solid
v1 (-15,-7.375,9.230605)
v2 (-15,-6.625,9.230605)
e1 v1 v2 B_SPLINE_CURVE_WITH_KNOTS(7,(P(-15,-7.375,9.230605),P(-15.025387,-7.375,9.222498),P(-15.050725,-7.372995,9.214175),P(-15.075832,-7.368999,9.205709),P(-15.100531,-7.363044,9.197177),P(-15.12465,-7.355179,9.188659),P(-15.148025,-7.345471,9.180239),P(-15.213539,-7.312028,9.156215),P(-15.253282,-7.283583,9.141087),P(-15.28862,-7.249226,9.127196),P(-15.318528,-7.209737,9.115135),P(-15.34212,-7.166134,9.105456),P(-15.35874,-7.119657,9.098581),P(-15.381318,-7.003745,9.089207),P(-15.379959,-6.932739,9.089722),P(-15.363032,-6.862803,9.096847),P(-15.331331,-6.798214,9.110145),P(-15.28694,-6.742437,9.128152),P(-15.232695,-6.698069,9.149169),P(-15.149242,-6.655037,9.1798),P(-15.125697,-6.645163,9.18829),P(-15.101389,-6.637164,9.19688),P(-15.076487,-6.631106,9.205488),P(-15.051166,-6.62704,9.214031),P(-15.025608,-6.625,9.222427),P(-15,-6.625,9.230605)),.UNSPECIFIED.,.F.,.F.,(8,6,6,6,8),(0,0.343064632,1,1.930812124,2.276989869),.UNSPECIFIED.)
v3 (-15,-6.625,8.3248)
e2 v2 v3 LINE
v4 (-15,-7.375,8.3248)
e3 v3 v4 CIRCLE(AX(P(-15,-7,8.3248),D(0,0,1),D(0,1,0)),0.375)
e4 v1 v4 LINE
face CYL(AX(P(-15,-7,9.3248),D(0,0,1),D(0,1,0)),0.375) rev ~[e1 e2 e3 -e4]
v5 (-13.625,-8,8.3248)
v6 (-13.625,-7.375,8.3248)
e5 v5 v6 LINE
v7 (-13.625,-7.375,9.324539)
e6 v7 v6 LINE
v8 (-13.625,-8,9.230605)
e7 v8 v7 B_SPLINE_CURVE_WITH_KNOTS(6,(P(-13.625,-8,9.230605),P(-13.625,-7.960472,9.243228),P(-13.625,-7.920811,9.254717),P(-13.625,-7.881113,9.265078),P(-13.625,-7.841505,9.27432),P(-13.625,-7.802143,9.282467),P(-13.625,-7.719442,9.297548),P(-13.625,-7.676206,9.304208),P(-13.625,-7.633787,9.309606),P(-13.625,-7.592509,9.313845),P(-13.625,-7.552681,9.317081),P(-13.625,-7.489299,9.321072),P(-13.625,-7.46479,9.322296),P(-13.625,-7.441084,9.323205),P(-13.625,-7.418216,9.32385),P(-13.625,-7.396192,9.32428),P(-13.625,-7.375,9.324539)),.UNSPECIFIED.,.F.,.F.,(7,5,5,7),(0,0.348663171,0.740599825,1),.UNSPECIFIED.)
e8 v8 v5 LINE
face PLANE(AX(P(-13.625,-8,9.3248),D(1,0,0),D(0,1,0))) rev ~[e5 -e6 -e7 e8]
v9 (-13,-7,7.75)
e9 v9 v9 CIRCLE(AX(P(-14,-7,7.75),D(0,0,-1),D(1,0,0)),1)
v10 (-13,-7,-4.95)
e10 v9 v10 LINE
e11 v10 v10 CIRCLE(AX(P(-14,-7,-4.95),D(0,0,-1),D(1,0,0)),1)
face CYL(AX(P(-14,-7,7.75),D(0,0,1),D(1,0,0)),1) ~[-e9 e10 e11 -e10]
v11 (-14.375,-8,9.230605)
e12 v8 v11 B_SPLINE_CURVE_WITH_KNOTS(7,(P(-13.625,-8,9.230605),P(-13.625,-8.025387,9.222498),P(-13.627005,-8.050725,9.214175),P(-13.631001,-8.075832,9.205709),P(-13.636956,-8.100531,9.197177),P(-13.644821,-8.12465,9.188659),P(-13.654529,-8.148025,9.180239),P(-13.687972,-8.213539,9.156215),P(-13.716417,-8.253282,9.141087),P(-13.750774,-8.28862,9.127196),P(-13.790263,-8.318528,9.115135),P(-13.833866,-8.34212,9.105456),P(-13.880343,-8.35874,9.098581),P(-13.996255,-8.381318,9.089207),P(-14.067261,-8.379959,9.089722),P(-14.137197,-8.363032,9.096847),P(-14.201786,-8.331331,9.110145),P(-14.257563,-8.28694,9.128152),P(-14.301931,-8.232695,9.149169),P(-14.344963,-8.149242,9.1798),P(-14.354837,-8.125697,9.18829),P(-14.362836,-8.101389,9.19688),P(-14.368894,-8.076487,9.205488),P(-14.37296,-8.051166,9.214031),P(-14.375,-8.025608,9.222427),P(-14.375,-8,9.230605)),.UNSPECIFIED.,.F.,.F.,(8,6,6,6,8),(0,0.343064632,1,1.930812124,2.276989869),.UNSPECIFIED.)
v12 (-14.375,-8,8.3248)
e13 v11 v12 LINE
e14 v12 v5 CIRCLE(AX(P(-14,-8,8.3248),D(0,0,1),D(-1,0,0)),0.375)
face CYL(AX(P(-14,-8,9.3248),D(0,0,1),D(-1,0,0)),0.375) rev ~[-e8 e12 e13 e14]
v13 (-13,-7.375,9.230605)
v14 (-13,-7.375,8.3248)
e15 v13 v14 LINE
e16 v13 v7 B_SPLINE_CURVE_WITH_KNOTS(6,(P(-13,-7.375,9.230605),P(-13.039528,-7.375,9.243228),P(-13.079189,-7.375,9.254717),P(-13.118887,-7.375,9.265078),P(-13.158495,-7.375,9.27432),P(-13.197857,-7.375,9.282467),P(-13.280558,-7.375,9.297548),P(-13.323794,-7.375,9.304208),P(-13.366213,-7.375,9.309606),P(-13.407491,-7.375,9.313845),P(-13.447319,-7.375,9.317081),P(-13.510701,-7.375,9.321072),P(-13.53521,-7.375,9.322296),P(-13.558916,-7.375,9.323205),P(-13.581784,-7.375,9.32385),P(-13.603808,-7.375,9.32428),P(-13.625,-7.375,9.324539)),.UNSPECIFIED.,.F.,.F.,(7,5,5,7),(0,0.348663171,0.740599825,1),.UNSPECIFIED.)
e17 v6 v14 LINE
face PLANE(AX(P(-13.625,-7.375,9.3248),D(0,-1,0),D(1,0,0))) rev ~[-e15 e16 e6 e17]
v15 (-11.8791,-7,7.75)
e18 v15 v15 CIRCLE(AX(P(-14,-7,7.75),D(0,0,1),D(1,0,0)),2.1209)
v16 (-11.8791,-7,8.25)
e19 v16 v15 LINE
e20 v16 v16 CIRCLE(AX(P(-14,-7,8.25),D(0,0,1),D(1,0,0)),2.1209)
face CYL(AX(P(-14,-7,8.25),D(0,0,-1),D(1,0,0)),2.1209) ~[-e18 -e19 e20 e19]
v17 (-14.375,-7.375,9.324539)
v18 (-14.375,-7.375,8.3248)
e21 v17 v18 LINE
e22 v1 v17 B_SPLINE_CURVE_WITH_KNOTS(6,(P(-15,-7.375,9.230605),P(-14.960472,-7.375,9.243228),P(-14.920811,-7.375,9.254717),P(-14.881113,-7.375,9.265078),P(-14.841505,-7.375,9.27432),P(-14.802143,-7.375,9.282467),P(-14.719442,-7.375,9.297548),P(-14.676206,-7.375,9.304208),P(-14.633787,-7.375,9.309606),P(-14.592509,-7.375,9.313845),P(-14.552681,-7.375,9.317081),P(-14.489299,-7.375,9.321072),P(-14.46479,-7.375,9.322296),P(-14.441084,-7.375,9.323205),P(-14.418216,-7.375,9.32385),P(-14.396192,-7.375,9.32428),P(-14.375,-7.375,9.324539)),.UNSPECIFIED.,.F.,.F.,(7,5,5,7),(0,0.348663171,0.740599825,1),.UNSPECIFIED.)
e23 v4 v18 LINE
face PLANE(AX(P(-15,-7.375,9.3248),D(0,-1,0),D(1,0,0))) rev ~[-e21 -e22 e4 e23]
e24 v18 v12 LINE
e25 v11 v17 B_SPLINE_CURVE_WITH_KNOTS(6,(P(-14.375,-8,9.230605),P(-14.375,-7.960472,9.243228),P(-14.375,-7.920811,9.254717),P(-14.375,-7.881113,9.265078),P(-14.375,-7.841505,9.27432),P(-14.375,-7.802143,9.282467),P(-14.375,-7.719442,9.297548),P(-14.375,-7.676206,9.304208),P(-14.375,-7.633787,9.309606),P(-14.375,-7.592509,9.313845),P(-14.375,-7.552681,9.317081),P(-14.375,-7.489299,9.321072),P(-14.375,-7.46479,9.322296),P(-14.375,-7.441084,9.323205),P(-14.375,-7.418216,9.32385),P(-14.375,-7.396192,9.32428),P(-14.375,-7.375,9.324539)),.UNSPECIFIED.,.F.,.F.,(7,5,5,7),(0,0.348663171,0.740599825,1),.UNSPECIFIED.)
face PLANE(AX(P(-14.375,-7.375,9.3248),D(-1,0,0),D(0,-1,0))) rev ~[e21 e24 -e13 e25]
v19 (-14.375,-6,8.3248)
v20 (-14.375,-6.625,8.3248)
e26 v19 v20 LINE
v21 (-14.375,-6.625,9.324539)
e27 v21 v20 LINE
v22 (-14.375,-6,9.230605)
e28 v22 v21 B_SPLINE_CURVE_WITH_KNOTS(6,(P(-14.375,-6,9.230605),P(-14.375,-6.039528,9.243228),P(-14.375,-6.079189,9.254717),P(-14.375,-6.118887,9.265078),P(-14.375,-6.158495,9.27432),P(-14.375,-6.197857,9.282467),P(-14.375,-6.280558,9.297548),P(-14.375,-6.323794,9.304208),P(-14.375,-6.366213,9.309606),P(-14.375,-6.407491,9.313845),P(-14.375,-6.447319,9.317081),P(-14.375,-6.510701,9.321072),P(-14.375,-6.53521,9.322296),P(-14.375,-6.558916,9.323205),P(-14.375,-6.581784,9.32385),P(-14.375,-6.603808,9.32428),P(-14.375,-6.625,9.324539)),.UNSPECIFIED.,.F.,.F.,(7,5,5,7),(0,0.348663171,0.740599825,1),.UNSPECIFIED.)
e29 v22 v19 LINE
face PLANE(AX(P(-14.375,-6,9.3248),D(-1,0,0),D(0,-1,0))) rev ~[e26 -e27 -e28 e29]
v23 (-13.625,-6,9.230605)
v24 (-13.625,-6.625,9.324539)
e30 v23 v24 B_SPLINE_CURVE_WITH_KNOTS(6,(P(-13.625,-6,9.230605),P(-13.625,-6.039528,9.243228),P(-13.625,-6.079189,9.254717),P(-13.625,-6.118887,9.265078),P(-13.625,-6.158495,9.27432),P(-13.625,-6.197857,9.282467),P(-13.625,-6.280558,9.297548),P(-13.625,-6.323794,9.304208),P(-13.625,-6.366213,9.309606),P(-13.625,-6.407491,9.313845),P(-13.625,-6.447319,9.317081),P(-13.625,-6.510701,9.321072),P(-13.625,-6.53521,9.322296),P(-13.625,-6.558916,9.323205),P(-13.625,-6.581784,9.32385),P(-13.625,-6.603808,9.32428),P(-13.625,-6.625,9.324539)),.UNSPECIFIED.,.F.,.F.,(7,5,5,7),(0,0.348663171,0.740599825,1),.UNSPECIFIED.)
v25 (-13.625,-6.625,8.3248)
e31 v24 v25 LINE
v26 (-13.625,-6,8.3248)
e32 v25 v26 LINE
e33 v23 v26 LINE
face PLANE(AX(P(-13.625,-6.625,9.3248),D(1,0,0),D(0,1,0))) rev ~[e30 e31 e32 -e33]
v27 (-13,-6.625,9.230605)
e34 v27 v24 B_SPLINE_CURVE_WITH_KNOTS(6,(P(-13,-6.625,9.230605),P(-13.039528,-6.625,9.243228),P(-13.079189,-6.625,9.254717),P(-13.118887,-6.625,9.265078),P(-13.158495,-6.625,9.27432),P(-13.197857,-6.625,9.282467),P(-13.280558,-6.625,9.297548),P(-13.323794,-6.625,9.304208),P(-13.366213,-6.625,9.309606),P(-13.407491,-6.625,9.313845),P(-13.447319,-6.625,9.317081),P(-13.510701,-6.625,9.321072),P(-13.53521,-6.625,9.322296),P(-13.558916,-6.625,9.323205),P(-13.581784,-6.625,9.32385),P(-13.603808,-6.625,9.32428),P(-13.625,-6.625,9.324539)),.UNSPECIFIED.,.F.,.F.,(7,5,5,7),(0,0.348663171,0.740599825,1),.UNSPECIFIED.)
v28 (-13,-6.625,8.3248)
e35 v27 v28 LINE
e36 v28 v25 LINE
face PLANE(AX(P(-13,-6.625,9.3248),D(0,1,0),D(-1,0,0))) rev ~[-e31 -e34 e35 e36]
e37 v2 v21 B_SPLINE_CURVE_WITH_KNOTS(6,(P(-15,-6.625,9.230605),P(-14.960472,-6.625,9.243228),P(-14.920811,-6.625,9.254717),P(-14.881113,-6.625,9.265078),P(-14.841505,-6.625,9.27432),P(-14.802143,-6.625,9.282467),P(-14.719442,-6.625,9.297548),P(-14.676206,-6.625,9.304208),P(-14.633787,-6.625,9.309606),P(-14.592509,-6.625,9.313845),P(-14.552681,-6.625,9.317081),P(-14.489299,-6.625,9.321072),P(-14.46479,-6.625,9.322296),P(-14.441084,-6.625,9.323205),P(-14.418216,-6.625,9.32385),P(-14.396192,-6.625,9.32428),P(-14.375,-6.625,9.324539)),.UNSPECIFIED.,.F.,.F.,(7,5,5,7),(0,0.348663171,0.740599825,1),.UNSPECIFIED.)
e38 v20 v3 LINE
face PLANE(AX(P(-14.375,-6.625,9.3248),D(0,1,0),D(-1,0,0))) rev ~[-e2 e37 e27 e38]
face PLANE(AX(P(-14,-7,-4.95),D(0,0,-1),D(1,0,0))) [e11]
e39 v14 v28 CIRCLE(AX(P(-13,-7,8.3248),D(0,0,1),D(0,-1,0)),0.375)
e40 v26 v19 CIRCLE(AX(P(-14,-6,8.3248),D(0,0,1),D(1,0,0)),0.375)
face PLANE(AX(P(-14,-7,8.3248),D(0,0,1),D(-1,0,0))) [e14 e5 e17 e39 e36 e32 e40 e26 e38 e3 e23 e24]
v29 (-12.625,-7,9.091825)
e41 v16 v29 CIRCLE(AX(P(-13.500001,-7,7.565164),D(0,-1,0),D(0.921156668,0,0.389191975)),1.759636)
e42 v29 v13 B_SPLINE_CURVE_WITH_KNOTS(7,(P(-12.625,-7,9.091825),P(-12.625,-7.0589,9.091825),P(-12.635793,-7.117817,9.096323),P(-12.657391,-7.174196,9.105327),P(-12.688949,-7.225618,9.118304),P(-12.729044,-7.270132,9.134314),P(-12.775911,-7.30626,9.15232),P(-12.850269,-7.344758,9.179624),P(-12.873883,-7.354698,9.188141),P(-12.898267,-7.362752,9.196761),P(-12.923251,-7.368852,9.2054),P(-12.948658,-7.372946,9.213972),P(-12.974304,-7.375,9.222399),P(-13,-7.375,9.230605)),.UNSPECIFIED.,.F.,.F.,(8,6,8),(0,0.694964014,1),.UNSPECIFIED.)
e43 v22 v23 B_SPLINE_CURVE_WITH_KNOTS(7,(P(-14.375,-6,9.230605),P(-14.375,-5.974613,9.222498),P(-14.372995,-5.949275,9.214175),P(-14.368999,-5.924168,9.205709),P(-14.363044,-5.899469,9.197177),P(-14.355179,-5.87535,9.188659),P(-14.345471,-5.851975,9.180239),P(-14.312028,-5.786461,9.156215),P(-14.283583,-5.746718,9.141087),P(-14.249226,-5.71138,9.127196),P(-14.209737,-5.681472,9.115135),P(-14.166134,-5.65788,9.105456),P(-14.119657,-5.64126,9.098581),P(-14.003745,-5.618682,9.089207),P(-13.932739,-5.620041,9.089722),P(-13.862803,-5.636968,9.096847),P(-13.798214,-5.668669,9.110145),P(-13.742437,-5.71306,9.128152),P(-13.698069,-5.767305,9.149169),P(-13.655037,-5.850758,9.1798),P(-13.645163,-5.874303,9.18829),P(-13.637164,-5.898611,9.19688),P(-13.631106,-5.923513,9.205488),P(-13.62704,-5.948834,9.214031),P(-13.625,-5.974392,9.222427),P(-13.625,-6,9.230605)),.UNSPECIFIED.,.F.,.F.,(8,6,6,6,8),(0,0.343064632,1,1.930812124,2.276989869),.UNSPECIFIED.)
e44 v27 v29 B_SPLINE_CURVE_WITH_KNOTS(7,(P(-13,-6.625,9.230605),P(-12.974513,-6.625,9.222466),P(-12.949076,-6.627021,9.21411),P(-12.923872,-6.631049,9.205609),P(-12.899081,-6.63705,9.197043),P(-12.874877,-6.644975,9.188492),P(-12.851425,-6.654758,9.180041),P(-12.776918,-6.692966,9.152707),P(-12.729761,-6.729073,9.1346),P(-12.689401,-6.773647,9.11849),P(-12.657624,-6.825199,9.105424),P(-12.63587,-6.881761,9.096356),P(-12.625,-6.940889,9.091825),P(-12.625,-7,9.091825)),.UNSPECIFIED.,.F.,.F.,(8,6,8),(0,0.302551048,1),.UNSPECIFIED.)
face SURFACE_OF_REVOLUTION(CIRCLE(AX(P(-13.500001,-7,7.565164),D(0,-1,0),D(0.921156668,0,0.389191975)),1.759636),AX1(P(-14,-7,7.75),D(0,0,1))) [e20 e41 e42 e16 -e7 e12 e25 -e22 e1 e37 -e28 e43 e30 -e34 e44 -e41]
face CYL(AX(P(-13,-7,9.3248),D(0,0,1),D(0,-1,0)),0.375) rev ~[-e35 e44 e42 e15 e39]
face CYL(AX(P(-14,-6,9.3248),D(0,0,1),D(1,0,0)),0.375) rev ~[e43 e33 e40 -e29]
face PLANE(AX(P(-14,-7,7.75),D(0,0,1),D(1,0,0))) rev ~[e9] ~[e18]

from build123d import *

# Parameters (mm, degrees)
POCKET005_DEPTH = 1
SKETCH016_R     = 1
PAD006_DEPTH    = 12.7


with BuildPart() as part:
    # Sketch014 → Revolution002 (revolve)
    with BuildSketch(Plane.XZ):
        with BuildLine():
            Line((0, 0), (0, 1.5748))
            Line((0, 1.5748), (0.5, 1.5748))
            ThreePointArc((2.1209, 0.5), (1.472434, 1.281687), (0.5, 1.5748))
            Line((2.1209, 0.5), (2.1209, 0))
            Line((2.1209, 0), (0, 0))
        make_face()
    revolve(axis=Axis((0, 0, 0), (0, 0, 1)))

    # Sketch015 (on Face1 of Revolution002) → Pocket005 (cut)
    with BuildSketch(Plane(origin=(0, 0, 1.5748), x_dir=(-1, 0, 0), z_dir=(0, 0, 1))):
        with BuildLine():
            ThreePointArc((0.375, 1), (0, 1.375), (-0.375, 1))
            Line((-0.375, 1), (-0.375, 0.375))
            Line((-0.375, 0.375), (-1, 0.375))
            ThreePointArc((-1, 0.375), (-1.375, 0), (-1, -0.375))
            Line((-1, -0.375), (-0.375, -0.375))
            Line((-0.375, -0.375), (-0.375, -1))
            ThreePointArc((-0.375, -1), (0, -1.375), (0.375, -1))
            Line((0.375, -1), (0.375, -0.375))
            Line((0.375, -0.375), (1, -0.375))
            ThreePointArc((1, -0.375), (1.375, 0), (1, 0.375))
            Line((1, 0.375), (0.375, 0.375))
            Line((0.375, 0.375), (0.375, 1))
        make_face()
    extrude(amount=-POCKET005_DEPTH, mode=Mode.SUBTRACT)

    # Sketch016 (on Face16 of Pocket005) → Pad006 (join)
    with BuildSketch(Plane(origin=(0, 0, 0), x_dir=(1, 0, 0), z_dir=(0, 0, -1))):
        Circle(SKETCH016_R)
    extrude(amount=PAD006_DEPTH)


with BuildPart() as part_1:
    # Body004 placement: moved
    add(part.part.moved(Location((-14, -7, 7.75))))


solid = part_1.part
